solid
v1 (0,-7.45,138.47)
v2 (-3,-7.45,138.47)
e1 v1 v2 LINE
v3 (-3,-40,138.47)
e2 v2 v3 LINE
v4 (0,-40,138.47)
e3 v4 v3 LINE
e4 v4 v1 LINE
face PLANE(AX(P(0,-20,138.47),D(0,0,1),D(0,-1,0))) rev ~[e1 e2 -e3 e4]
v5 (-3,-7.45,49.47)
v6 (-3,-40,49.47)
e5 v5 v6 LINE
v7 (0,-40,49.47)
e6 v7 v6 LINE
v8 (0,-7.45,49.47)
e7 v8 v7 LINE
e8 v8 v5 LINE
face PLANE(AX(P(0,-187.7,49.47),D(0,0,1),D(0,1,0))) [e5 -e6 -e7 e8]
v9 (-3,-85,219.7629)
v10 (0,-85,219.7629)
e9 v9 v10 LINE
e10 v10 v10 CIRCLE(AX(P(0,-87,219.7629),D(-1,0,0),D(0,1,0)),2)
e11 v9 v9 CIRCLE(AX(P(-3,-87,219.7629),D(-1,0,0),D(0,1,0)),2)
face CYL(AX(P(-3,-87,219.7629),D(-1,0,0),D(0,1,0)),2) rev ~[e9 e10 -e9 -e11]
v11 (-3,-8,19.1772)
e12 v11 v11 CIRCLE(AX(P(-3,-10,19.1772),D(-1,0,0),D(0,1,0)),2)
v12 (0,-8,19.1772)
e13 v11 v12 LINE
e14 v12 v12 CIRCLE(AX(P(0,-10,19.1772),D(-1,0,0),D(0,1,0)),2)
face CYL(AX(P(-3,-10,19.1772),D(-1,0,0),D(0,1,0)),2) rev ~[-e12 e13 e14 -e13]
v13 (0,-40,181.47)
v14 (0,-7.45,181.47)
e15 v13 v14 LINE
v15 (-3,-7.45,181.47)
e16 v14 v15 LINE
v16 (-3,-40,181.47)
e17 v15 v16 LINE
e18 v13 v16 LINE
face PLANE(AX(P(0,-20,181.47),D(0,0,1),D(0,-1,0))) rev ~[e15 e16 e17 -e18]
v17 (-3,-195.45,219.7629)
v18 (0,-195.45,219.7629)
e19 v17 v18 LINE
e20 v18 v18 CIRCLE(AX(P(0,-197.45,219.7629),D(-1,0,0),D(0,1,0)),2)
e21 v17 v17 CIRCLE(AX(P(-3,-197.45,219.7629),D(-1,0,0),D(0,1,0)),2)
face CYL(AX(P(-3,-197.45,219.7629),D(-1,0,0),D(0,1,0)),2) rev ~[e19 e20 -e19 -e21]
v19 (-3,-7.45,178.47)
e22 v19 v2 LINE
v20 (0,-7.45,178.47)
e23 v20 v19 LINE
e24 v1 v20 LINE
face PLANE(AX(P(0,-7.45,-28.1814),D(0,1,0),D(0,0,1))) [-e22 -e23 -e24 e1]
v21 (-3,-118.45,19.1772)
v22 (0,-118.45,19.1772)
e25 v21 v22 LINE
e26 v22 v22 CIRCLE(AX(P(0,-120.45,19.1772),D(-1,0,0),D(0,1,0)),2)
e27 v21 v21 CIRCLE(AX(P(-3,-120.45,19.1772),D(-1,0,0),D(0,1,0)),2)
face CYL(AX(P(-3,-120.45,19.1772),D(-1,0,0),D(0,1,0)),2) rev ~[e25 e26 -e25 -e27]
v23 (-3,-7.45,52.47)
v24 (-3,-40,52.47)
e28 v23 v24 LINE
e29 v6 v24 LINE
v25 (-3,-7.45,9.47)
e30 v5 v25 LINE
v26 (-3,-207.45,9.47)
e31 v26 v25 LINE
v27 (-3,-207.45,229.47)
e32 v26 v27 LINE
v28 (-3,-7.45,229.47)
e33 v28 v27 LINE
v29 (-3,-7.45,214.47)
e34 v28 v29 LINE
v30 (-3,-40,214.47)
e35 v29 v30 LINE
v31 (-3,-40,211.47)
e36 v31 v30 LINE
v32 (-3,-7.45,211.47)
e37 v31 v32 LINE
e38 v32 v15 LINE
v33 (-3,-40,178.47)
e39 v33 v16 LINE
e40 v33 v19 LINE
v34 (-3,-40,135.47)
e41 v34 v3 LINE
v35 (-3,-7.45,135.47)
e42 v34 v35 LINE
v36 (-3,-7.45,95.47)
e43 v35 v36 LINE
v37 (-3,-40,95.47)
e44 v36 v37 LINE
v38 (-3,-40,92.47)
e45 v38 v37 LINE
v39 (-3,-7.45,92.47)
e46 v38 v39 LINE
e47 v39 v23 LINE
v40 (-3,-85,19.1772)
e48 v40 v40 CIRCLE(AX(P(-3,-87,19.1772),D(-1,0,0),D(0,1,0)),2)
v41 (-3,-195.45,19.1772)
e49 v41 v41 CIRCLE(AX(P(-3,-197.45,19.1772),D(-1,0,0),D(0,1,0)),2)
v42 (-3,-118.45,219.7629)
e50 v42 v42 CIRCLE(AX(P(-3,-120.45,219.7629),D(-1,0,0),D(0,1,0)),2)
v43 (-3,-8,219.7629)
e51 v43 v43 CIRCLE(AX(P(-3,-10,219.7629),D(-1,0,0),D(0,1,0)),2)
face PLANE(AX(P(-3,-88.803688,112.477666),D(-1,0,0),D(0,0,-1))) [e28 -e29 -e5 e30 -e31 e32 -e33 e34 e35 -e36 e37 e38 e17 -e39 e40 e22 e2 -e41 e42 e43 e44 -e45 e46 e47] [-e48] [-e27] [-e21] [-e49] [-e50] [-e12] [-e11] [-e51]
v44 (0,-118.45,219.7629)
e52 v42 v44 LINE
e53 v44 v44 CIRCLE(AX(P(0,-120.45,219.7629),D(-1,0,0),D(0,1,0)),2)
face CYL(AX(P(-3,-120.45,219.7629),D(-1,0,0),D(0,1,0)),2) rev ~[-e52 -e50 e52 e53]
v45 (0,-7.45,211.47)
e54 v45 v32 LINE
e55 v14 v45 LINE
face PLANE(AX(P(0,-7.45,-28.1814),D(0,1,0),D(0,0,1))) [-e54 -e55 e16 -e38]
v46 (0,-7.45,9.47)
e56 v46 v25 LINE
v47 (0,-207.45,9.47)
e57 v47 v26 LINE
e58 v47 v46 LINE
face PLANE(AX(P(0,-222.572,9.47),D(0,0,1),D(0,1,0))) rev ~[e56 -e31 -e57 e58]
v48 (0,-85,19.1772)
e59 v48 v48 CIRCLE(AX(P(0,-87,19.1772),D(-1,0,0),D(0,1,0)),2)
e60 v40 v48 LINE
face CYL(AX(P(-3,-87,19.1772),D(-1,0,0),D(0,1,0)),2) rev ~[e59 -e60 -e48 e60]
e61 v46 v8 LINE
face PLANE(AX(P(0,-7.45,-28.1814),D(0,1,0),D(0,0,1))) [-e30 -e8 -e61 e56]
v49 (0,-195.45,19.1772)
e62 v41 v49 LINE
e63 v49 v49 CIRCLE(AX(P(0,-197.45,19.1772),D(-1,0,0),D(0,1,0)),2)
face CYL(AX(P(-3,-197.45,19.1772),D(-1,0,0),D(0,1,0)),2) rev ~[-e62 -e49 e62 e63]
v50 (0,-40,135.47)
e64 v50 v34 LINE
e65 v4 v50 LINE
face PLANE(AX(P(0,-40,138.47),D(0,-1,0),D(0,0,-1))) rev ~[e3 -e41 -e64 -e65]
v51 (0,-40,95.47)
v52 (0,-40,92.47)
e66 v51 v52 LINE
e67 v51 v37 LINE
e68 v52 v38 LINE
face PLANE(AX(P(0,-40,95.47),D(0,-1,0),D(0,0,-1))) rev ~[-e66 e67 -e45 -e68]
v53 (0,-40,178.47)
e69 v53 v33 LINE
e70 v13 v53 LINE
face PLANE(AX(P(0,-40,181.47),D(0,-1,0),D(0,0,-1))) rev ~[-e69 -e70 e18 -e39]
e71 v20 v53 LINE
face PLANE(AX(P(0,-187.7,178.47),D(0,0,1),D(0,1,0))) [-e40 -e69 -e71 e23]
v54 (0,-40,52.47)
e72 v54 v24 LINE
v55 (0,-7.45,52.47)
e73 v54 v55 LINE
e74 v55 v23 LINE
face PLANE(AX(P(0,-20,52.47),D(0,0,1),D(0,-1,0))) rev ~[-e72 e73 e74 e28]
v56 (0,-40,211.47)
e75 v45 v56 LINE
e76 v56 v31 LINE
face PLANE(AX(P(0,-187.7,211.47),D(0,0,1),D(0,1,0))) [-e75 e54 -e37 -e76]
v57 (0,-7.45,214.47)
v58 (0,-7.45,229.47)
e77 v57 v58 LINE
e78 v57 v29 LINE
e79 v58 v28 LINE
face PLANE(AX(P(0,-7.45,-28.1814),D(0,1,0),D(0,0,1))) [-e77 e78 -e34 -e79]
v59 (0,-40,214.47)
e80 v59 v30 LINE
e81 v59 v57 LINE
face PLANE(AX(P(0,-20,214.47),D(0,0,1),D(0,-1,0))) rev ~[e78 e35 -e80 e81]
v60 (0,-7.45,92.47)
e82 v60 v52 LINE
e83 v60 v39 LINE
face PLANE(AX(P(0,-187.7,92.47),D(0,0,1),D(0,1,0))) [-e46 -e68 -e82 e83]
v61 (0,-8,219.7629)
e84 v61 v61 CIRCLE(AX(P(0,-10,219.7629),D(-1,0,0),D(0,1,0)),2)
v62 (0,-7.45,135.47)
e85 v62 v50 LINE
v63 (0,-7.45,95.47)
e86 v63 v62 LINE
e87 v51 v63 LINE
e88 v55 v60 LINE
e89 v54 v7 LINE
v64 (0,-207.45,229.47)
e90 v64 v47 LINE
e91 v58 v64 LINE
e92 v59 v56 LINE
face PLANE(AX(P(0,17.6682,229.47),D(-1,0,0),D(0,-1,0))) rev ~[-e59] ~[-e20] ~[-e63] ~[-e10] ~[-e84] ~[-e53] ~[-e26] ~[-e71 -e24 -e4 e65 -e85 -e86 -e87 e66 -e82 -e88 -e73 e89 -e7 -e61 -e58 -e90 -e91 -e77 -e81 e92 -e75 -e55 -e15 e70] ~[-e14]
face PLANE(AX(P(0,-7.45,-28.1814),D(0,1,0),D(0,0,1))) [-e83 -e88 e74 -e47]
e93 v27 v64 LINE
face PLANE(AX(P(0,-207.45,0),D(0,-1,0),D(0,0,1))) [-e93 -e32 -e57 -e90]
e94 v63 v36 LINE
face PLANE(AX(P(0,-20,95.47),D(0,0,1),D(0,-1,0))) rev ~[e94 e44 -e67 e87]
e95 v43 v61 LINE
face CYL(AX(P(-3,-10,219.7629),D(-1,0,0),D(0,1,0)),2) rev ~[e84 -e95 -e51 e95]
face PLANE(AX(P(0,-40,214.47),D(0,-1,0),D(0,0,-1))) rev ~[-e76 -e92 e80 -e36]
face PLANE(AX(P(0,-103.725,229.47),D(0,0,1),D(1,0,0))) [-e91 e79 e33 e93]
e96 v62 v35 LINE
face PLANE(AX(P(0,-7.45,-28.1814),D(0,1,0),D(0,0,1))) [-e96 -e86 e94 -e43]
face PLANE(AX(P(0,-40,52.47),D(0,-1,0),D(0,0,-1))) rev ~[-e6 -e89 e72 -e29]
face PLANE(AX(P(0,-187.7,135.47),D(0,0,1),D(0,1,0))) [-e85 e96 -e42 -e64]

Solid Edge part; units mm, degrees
sketch "Sketch1" plane through (0, 0, 0) normal (-1, 0, 0) x (0, -1, 0)
  line L0 (0, 0) -> (207.45, 0)
  line L1 (207.45, 0) -> (207.45, 214.47)
  line L2 (207.45, 214.47) -> (0, 214.47)
  line L3 (0, 214.47) -> (0, 0)
  dimension "D1" = 207.45
  dimension "D2" = 214.47
extrude "Protrusion1" add sketch "Sketch1" against normal blind 3
sketch "Sketch2" plane through (0, -103.725, 107.235) normal (-1, 0, 0) x (0, 1, 0)
  line L0 (-83.975, -28.235) -> (114.48, -28.235)
  line L1 (114.48, -28.235) -> (114.48, -31.235)
  line L2 (-83.975, -31.235) -> (114.48, -31.235)
  line L3 (-83.975, -28.235) -> (-83.975, -31.235)
  line L4 (-83.975, 11.765) -> (114.48, 11.765)
  line L5 (114.48, 11.765) -> (114.48, 14.765)
  line L6 (-83.975, 14.765) -> (114.48, 14.765)
  line L7 (-83.975, 11.765) -> (-83.975, 14.765)
  line L8 (-83.975, 57.765) -> (114.48, 57.765)
  line L9 (114.48, 57.765) -> (114.48, 54.765)
  line L10 (-83.975, 54.765) -> (114.48, 54.765)
  line L11 (-83.975, 57.765) -> (-83.975, 54.765)
  line L12 (-83.975, -74.235) -> (114.48, -74.235)
  line L13 (114.48, -74.235) -> (114.48, -71.235)
  line L14 (-83.975, -71.235) -> (114.48, -71.235)
  line L15 (-83.975, -74.235) -> (-83.975, -71.235)
  line L16 (-83.975, -104.235) -> (114.48, -104.235)
  line L17 (114.48, -104.235) -> (114.48, -107.235)
  line L18 (-83.975, -107.235) -> (114.48, -107.235)
  line L19 (-83.975, -104.235) -> (-83.975, -107.235)
  dimension "D1" = 214.47
  dimension "D2" = 207.45
  dimension "D3" = 198.455
  dimension "D4" = 3
  dimension "D5" = 3
  dimension "D6" = 40
  dimension "D7" = 40
  dimension "D8" = 3
  dimension "D9" = 3
  dimension "D10" = 3
  dimension "D11" = 3
extrude "Cutout1" cut sketch "Sketch2" against normal blind 10
sketch "Sketch3" plane through (0, -103.725, 107.235) normal (-1, 0, 0) x (0, 1, 0)
  line L0 (-118.847, 97.765) -> (179.5114, 97.765)
  line L1 (191.0928, 110.2989) -> (179.5114, 97.765)
  line L2 (-118.847, 116.9168) -> (191.0928, 110.2989)
  line L3 (-118.847, 97.765) -> (-118.847, 116.9168)
  dimension "D1" = 298.3584
  dimension "D2" = 40
  dimension "D3" = 19.1518
  dimension "D4" = 310.0104
  dimension "D5" = 17.0653
extrude "Cutout2" cut sketch "Sketch3" against normal blind 37
sketch "Sketch4" plane through (0, -103.725, 111.97) normal (-1, 0, 0) x (0, 1, 0)
  line L0 (-103.725, 102.5) -> (-103.725, -102.5)
  line L1 (-103.725, -102.5) -> (83.725, -102.5)
  line L2 (83.725, -102.5) -> (83.725, -99.5)
  line L3 (83.725, -99.5) -> (103.725, -99.5)
  line L4 (103.725, -99.5) -> (103.725, -69.5)
  line L5 (83.725, -69.5) -> (103.725, -69.5)
  line L6 (83.725, -66.5) -> (83.725, -69.5)
  line L7 (83.725, -66.5) -> (103.725, -66.5)
  line L8 (103.725, -66.5) -> (103.725, -26.5)
  line L9 (83.725, -26.5) -> (103.725, -26.5)
  line L10 (83.725, -23.5) -> (83.725, -26.5)
  line L11 (83.725, -23.5) -> (103.725, -23.5)
  line L12 (103.725, -23.5) -> (103.725, 16.5)
  line L13 (83.725, 16.5) -> (103.725, 16.5)
  line L14 (83.725, 19.5) -> (83.725, 16.5)
  line L15 (83.725, 19.5) -> (103.725, 19.5)
  line L16 (103.725, 19.5) -> (103.725, 59.5)
  line L17 (83.725, 59.5) -> (103.725, 59.5)
  line L18 (83.725, 62.5) -> (83.725, 59.5)
  line L19 (83.725, 62.5) -> (103.725, 62.5)
  line L20 (103.725, 62.5) -> (103.725, 102.5)
  line L21 (32.3413, 102.5) -> (103.725, 102.5)
  line L22 (-103.725, 102.5) -> (32.3413, 102.5)
  dimension "D1" = 187.45
  dimension "D2" = 159
  dimension "D3" = 20
  dimension "D4" = 20
  dimension "D5" = 20
  dimension "D6" = 20
  dimension "D7" = 3
  dimension "D8" = 20
  dimension "D9" = 20
  dimension "D10" = 20
  dimension "D11" = 20
  dimension "D12" = 20
  dimension "D13" = 71.3837
extrude "Protrusion2" add sketch "Sketch4" along normal blind 3
sketch "Sketch5" plane through (0, -113.725, 214.47) normal (0, 0, 1) x (0, 1, 0)
  line L0 (-93.725, -3) -> (113.725, -3)
  line L1 (113.725, -3) -> (113.725, 3)
  line L2 (113.725, 3) -> (-93.725, 3)
  line L3 (-93.725, 3) -> (-93.725, -3)
  dimension "D1" = 207.45
  dimension "D2" = 6
extrude "Protrusion3" add sketch "Sketch5" along normal blind 15
sketch "Sketch6" plane through (-3, -103.725, 111.8236) normal (-1, 0, 0) x (0, 1, 0)
  circle A0 centre (93.725, 92.6464) radius 2
  circle A1 centre (16.725, 92.6464) radius 2
  circle A2 centre (-16.725, 92.6464) radius 2
  circle A3 centre (-93.725, -107.9393) radius 2
  circle A4 centre (93.725, -107.9393) radius 2
  circle A5 centre (16.725, -107.9393) radius 2
  circle A6 centre (-16.725, -107.9393) radius 2
  circle A7 centre (-93.725, 92.6464) radius 2
  dimension "D1" = 10
  dimension "D2" = 10
  dimension "D3" = 4
  dimension "D4" = 10
  dimension "D5" = 10
  dimension "D6" = 207.45
  dimension "D7" = 220
extrude "Cutout3" cut sketch "Sketch6" against normal blind 10
sketch "Sketch7" plane through (0, -103.725, 229.47) normal (0, 0, 1) x (0, 1, 0)
  line L0 (-86.2619, 0) -> (-115.3515, 0)
  line L1 (-115.3515, 0) -> (-115.3515, -14.0973)
  line L2 (-115.3515, -14.0973) -> (121.3932, -14.0973)
  line L3 (121.3932, -14.0973) -> (121.3932, 0)
  line L4 (121.3932, 0) -> (-86.2619, 0)
  dimension "D1" = 29.0896
  dimension "D2" = 14.0973
  dimension "D3" = 236.7447
  dimension "D4" = 14.0973
extrude "Cutout4" cut sketch "Sketch7" against normal blind 456
sketch "Sketch8" plane through (0, -103.725, 119.47) normal (1, 0, 0) x (0, -1, 0)
  line L0 (-83.725, 67) -> (-63.725, 67)
  line L1 (-63.725, 67) -> (-63.725, 70)
  line L2 (-63.725, 70) -> (-83.725, 70)
  line L3 (-83.725, 70) -> (-83.725, 67)
  line L4 (-83.725, 24) -> (-63.725, 24)
  line L5 (-63.725, 24) -> (-63.725, 27)
  line L6 (-63.725, 27) -> (-83.725, 27)
  line L7 (-83.725, 27) -> (-83.725, 24)
  line L8 (-83.725, -19) -> (-63.725, -19)
  line L9 (-63.725, -19) -> (-63.725, -16)
  line L10 (-63.725, -16) -> (-83.725, -16)
  line L11 (-83.725, -16) -> (-83.725, -19)
  line L12 (-83.725, -62) -> (-63.725, -62)
  line L13 (-63.725, -62) -> (-63.725, -59)
  line L14 (-63.725, -59) -> (-83.725, -59)
  line L15 (-83.725, -59) -> (-83.725, -62)
  line L16 (-83.725, -95) -> (-63.725, -95)
  line L17 (-63.725, -95) -> (-63.725, -92)
  line L18 (-63.725, -92) -> (-83.725, -92)
  line L19 (-83.725, -92) -> (-83.725, -95)
  dimension "D1" = 20
  dimension "D2" = 3
  dimension "D3" = 20
  dimension "D4" = 3
  dimension "D5" = 20
  dimension "D6" = 3
  dimension "D7" = 20
  dimension "D8" = 3
  dimension "D9" = 20
  dimension "D10" = 3
extrude "ExtrudedCutout_42" cut sketch "Sketch8" against normal blind 4
sketch "Sketch9" plane through (0, -103.725, 119.47) normal (1, 0, 0) x (0, 1, 0)
  line L0 (96.275, -147.6514) -> (96.275, 128.9829)
  line L1 (132.0943, 114.84) -> (96.275, 128.9829)
  line L2 (169.9971, 15.2743) -> (132.0943, 114.84)
  line L3 (96.275, -147.6514) -> (169.9971, 15.2743)
  dimension "D1" = 276.6343
  dimension "D2" = 200
  dimension "D3" = 178.8288
  dimension "D4" = 106.5362
  dimension "D5" = 38.5103
extrude "ExtrudedCutout_43" cut sketch "Sketch9" against normal blind 148
